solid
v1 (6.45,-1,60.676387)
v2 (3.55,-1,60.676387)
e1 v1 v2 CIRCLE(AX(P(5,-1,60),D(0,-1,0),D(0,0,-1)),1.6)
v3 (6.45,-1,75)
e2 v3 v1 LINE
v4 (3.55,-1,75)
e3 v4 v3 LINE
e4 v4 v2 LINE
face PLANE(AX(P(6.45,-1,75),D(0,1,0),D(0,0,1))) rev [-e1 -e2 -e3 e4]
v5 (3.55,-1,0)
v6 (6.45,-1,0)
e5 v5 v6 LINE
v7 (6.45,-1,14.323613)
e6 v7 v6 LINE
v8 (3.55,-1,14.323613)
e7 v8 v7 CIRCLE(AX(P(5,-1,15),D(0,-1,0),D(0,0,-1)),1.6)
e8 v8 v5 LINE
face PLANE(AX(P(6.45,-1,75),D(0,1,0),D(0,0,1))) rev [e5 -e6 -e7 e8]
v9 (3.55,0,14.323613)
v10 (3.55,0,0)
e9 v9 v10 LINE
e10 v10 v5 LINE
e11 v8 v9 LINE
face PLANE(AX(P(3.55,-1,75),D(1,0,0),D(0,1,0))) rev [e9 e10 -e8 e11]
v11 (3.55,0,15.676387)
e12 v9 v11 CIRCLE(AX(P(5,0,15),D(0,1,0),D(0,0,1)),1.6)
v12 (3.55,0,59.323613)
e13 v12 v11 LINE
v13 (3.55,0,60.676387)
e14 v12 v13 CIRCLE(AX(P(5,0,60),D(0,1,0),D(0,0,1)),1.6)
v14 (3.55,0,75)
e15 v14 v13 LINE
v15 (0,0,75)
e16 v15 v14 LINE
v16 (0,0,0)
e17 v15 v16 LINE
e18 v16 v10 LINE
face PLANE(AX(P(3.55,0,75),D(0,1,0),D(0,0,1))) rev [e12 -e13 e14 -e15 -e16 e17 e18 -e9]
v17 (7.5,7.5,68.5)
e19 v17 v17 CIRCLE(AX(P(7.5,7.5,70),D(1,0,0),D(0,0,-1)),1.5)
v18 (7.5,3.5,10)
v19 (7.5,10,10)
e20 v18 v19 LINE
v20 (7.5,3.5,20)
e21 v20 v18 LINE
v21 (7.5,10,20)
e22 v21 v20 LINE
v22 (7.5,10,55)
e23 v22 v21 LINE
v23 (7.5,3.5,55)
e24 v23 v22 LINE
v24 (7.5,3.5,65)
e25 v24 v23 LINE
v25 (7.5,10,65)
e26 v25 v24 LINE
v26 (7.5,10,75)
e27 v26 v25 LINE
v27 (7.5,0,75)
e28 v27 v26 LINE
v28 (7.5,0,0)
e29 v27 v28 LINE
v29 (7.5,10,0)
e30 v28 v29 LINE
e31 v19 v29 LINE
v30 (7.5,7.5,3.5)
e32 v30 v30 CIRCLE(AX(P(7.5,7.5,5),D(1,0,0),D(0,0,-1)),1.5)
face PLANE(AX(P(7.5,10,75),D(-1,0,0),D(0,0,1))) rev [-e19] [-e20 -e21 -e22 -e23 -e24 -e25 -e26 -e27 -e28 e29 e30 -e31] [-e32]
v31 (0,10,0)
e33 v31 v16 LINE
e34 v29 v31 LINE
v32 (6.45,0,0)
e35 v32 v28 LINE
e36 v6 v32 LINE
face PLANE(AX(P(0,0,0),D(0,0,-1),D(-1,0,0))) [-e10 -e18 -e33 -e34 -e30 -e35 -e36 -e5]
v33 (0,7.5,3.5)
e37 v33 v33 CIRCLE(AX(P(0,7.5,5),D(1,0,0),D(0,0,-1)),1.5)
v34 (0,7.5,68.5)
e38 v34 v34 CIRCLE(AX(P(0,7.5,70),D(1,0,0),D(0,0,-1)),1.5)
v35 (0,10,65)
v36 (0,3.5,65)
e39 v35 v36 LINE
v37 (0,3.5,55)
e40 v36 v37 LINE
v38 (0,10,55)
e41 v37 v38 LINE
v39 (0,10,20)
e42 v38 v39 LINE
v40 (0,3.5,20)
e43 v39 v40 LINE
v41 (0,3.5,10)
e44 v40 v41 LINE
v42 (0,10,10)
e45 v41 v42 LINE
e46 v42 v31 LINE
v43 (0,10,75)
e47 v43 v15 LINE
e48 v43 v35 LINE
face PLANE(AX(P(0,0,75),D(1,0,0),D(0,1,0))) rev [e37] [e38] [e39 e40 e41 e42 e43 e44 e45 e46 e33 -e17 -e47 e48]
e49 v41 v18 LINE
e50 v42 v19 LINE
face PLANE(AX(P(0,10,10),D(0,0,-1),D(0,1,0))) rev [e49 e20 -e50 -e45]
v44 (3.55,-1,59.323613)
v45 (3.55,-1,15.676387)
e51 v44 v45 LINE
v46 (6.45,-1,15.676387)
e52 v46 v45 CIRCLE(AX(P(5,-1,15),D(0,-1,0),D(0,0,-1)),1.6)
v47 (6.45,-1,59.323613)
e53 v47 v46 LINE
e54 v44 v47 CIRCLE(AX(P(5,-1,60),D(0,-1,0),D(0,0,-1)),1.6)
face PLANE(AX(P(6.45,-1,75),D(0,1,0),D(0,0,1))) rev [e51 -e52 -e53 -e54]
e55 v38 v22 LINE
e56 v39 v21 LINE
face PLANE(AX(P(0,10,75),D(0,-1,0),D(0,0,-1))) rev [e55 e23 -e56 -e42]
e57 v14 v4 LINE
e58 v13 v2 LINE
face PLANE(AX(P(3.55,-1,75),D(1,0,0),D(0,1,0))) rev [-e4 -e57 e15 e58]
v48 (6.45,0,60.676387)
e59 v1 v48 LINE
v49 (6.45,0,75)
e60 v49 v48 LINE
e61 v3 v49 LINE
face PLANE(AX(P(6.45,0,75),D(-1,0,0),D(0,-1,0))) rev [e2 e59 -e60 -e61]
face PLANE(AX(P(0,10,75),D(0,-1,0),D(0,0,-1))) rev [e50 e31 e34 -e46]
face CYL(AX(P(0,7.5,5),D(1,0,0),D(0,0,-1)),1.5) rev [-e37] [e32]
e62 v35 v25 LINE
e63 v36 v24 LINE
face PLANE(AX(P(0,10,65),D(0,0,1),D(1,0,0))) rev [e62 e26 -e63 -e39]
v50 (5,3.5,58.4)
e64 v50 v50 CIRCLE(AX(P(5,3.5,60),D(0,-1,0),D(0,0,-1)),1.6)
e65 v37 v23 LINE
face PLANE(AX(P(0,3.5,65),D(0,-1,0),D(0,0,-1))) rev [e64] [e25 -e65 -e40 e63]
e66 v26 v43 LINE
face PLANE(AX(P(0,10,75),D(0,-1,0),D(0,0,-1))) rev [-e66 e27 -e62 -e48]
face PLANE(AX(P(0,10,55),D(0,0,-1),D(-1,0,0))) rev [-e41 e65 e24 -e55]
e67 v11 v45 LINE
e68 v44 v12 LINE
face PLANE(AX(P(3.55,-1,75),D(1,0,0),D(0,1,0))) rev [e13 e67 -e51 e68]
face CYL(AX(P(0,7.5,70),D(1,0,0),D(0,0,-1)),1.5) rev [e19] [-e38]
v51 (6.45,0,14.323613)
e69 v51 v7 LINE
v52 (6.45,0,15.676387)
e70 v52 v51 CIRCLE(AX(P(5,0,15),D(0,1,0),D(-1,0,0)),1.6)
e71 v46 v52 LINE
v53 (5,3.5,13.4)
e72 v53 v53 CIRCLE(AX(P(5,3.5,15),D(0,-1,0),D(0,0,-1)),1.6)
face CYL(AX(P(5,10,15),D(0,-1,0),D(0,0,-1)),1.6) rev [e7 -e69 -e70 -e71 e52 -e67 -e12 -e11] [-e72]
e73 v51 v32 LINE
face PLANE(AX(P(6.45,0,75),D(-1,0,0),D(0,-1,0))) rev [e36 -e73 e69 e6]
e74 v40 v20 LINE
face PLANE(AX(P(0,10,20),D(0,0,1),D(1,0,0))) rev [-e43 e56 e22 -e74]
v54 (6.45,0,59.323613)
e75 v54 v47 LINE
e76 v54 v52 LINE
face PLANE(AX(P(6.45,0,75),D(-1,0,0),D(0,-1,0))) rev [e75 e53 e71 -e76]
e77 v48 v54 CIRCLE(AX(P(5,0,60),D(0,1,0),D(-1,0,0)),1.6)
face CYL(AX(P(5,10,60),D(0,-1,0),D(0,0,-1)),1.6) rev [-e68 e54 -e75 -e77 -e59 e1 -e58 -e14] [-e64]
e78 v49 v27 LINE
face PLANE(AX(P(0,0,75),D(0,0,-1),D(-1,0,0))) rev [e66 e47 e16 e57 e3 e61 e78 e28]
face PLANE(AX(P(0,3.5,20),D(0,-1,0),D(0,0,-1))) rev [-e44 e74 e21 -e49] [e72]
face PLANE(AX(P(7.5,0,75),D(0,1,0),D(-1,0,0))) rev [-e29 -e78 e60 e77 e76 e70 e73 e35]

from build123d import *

# Parameters (mm, degrees)
MAIN_DEPTH              = 75
ESQUISSE2_R             = 1.5
ENL_V_MAT_EXTRU_1_DEPTH = 8.5
ESQUISSE3_W             = 10
ESQUISSE3_H             = 6.5
ENL_V_MAT_EXTRU_2_DEPTH = 8.5
ESQUISSE4_R             = 1.6
ENL_V_MAT_EXTRU_3_DEPTH = 12


with BuildPart() as part:
    # Esquisse1 → Main (new body)
    with BuildSketch(Plane.XY):
        Polygon((0, 10), (7.5, 10), (7.5, 0), (6.45, 0), (6.45, -1), (3.55, -1), (3.55, 0), (0, 0), align=None)
    extrude(amount=MAIN_DEPTH)

    # Esquisse2 → Enlèv. mat.-Extru.1 (cut, through all)
    with BuildSketch(Plane(origin=(7.5, 0, 0), x_dir=(0, 0, -1), z_dir=(1, 0, 0))):
        with Locations((-5, 7.5)):
            Circle(ESQUISSE2_R)
        with Locations((-70, 7.5)):
            Circle(ESQUISSE2_R)
    extrude(amount=-ENL_V_MAT_EXTRU_1_DEPTH, mode=Mode.SUBTRACT)

    # Esquisse3 → Enlèv. mat.-Extru.2 (cut, through all)
    with BuildSketch(Plane(origin=(7.5, 0, 0), x_dir=(0, 0, -1), z_dir=(1, 0, 0))):
        with Locations((-60, 6.75)):
            Rectangle(ESQUISSE3_W, ESQUISSE3_H)
        with Locations((-15, 6.75)):
            Rectangle(ESQUISSE3_W, ESQUISSE3_H)
    extrude(amount=-ENL_V_MAT_EXTRU_2_DEPTH, mode=Mode.SUBTRACT)

    # Esquisse4 → Enlèv. mat.-Extru.3 (cut, through all)
    with BuildSketch(Plane(origin=(0, -1, 0), x_dir=(-1, 0, 0), z_dir=(0, -1, 0))):
        with Locations((-5, -60)):
            Circle(ESQUISSE4_R)
        with Locations((-5, -15)):
            Circle(ESQUISSE4_R)
    extrude(amount=-ENL_V_MAT_EXTRU_3_DEPTH, mode=Mode.SUBTRACT)


solid = part.part
